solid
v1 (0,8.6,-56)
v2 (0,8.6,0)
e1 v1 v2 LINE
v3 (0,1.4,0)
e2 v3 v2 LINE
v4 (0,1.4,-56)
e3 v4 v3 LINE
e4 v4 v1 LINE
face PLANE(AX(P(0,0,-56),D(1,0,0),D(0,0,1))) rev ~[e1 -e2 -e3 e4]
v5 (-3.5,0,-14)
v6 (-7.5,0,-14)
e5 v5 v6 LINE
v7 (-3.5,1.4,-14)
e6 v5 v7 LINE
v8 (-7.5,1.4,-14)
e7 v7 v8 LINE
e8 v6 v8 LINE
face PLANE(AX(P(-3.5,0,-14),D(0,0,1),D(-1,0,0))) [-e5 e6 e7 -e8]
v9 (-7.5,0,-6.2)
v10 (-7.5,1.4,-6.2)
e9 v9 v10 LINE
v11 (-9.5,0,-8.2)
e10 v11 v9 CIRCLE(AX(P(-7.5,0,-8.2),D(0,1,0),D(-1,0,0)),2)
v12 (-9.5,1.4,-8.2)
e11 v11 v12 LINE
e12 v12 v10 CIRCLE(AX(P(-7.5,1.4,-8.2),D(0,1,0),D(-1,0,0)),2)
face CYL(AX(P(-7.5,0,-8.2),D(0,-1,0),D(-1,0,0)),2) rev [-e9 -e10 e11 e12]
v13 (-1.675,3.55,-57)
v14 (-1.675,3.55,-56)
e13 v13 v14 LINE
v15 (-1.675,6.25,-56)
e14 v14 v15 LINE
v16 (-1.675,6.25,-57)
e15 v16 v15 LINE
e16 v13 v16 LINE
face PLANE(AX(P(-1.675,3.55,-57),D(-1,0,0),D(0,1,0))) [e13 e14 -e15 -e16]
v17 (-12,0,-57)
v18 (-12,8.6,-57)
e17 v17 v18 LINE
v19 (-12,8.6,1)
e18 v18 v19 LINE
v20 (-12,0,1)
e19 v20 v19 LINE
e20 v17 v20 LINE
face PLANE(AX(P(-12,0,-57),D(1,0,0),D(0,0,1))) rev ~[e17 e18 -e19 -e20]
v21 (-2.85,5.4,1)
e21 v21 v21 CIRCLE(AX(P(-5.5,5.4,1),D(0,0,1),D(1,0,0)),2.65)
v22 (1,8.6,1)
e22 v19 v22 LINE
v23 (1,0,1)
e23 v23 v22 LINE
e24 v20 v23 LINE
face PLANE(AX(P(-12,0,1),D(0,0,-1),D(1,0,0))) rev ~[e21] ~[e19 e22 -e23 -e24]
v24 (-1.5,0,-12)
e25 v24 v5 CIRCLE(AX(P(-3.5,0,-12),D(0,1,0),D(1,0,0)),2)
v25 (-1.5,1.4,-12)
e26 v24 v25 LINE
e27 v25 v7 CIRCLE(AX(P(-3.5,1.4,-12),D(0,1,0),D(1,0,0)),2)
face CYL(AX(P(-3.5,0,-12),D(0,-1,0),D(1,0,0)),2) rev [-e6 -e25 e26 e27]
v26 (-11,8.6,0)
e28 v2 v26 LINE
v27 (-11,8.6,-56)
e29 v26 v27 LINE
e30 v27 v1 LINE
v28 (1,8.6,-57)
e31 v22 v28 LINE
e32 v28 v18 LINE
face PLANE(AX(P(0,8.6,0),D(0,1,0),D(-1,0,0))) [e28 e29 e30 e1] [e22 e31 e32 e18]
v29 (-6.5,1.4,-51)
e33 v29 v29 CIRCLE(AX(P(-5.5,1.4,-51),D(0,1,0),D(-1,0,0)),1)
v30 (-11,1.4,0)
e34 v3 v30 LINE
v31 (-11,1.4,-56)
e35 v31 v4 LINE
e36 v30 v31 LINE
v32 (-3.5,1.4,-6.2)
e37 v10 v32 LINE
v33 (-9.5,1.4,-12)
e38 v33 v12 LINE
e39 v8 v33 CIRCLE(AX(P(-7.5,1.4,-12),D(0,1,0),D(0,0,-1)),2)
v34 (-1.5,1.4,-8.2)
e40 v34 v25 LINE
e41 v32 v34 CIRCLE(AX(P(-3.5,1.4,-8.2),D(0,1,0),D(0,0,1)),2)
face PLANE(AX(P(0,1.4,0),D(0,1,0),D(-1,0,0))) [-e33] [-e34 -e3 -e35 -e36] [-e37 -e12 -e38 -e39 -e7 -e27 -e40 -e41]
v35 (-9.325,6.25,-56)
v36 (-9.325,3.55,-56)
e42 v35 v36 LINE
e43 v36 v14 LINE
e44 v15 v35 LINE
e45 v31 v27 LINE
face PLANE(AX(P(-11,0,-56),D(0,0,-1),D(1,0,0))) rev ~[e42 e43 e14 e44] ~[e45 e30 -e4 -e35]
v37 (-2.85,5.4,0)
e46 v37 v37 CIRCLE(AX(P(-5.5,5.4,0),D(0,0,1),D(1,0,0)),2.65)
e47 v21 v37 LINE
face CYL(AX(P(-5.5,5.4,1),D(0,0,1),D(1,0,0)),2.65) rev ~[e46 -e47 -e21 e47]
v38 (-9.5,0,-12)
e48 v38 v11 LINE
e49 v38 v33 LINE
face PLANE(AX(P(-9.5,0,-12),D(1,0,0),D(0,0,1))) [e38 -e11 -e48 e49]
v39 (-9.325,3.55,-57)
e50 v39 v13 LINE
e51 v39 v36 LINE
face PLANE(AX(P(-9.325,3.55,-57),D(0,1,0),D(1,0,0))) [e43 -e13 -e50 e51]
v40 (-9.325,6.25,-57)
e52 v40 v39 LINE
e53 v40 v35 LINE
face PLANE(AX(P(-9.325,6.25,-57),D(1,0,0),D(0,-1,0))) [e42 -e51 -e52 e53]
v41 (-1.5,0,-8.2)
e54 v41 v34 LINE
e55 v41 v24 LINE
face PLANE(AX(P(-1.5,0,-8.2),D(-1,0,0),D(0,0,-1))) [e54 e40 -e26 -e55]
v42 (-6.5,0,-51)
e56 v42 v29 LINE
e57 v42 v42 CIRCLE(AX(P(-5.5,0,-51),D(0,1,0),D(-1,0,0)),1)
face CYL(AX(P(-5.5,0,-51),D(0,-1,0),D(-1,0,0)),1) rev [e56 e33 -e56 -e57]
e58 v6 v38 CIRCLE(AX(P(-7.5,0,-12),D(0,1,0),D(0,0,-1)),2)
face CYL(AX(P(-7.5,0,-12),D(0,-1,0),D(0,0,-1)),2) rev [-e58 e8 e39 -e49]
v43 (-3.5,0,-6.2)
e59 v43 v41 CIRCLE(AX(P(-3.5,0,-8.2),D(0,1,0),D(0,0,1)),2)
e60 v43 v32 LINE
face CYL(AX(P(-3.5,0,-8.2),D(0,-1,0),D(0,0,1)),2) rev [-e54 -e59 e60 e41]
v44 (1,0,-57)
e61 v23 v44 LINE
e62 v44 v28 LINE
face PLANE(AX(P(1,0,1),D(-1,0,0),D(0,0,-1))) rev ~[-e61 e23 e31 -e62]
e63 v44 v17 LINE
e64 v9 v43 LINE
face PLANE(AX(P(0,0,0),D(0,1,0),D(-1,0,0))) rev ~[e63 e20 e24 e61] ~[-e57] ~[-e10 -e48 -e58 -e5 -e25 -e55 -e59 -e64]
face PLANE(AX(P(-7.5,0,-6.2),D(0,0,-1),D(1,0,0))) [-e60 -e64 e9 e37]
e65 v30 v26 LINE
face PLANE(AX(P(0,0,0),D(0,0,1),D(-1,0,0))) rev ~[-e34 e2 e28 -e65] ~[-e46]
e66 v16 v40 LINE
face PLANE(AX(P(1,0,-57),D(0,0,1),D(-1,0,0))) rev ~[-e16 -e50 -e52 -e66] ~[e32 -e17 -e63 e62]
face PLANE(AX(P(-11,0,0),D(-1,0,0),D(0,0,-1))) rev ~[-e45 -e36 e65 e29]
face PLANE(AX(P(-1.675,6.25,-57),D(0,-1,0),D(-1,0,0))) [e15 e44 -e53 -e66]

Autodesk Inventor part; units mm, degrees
ref_plane "YZ Plane" through (0, 0, 0) normal (1, 0, 0) x (0, 1, 0)
ref_plane "XZ Plane" through (0, 0, 0) normal (0, 1, 0) x (-1, 0, 0)
ref_plane "XY Plane" through (0, 0, 0) normal (0, 0, 1) x (1, 0, 0)
sketch "Sketch3" plane through (0, 0, 0) normal (0, 1, 0) x (-1, 0, 0)
  line L0 (0, 0) -> (11, 0)
  line L1 (11, 0) -> (11, -56)
  line L2 (11, -56) -> (0, -56)
  line L3 (0, -56) -> (0, 0)
  line L4 (12, 1) -> (-1, 1)
  line L5 (-1, 1) -> (-1, -57)
  line L6 (-1, -57) -> (12, -57)
  line L7 (12, -57) -> (12, 1)
  line L8 (7.5, -6.2) -> (3.5, -6.2)
  line L9 (1.5, -8.2) -> (1.5, -12)
  line L10 (3.5, -14) -> (7.5, -14)
  line L11 (9.5, -12) -> (9.5, -8.2)
  arc A0 (9.5, -8.2) -> (7.5, -6.2) centre (7.5, -8.2) ccw
  arc A1 (7.5, -14) -> (9.5, -12) centre (7.5, -12) ccw
  arc A2 (1.5, -12) -> (3.5, -14) centre (3.5, -12) ccw
  arc A3 (3.5, -6.2) -> (1.5, -8.2) centre (3.5, -8.2) ccw
  circle A4 centre (5.5, -51) radius 1
  point P0 (1.5, -14)
  point P1 (1.5, -6.2)
  point P2 (9.5, -14)
  dimension "d2" = 11
  dimension "d3" = 56
  dimension "d4" = 1
  dimension "d5" = 1
  dimension "d6" = 1
  dimension "d7" = 1
  dimension "d8" = 8
  dimension "d9" = 7.8
  dimension "d10" = 14
  dimension "d11" = 9.5
  dimension "d12" = 2
  dimension "d30" = 2
  dimension "d31" = 5
  dimension "d32" = 5.5
extrude "Extrusion1" add sketch "Sketch3" along normal blind 1.4 contours L0 L1 L2 L3
extrude "Extrusion3" add sketch "Sketch3" along normal blind 8.6 contours L7 L6 L5 L4
sketch "Sketch4" plane through (-12, 0, 1) normal (0, 0, 1) x (1, 0, 0)
  circle A0 centre (6.5, 5.4) radius 2.65
  line L0 (0, 0) -> (0, 8.6) projected
  line L1 (0, 0) -> (13, 0) projected
  point P0 (12, 0)
  dimension "d19" = 6.5
  dimension "d20" = 5.3
  dimension "d21" = 5.4
extrude "Extrusion4" cut sketch "Sketch4" against normal blind 8.6
sketch "Sketch5" plane through (1, 0, -57) normal (0, 0, -1) x (-1, 0, 0)
  line L0 (2.675, 6.25) -> (10.325, 6.25)
  line L1 (10.325, 6.25) -> (10.325, 3.55)
  line L2 (10.325, 3.55) -> (2.675, 3.55)
  line L3 (2.675, 3.55) -> (2.675, 6.25)
  line L4 (0, 0) -> (13, 0) projected
  line L5 (13, 0) -> (13, 8.6) projected
  point P0 (1, 0)
  dimension "d24" = 7.65
  dimension "d25" = 2.7
  dimension "d26" = 3.55
  dimension "d27" = 2.675
extrude "Extrusion5" cut sketch "Sketch5" against normal blind 8.6
equation "\"d11\" = 0.5 * d2 + 0.5 * d8"
equation "\"d32\" = 0.5 * d2"
equation "\"d19\" = 0.5 * d2 + d4"
properties part number "QC25BTFication_1"
